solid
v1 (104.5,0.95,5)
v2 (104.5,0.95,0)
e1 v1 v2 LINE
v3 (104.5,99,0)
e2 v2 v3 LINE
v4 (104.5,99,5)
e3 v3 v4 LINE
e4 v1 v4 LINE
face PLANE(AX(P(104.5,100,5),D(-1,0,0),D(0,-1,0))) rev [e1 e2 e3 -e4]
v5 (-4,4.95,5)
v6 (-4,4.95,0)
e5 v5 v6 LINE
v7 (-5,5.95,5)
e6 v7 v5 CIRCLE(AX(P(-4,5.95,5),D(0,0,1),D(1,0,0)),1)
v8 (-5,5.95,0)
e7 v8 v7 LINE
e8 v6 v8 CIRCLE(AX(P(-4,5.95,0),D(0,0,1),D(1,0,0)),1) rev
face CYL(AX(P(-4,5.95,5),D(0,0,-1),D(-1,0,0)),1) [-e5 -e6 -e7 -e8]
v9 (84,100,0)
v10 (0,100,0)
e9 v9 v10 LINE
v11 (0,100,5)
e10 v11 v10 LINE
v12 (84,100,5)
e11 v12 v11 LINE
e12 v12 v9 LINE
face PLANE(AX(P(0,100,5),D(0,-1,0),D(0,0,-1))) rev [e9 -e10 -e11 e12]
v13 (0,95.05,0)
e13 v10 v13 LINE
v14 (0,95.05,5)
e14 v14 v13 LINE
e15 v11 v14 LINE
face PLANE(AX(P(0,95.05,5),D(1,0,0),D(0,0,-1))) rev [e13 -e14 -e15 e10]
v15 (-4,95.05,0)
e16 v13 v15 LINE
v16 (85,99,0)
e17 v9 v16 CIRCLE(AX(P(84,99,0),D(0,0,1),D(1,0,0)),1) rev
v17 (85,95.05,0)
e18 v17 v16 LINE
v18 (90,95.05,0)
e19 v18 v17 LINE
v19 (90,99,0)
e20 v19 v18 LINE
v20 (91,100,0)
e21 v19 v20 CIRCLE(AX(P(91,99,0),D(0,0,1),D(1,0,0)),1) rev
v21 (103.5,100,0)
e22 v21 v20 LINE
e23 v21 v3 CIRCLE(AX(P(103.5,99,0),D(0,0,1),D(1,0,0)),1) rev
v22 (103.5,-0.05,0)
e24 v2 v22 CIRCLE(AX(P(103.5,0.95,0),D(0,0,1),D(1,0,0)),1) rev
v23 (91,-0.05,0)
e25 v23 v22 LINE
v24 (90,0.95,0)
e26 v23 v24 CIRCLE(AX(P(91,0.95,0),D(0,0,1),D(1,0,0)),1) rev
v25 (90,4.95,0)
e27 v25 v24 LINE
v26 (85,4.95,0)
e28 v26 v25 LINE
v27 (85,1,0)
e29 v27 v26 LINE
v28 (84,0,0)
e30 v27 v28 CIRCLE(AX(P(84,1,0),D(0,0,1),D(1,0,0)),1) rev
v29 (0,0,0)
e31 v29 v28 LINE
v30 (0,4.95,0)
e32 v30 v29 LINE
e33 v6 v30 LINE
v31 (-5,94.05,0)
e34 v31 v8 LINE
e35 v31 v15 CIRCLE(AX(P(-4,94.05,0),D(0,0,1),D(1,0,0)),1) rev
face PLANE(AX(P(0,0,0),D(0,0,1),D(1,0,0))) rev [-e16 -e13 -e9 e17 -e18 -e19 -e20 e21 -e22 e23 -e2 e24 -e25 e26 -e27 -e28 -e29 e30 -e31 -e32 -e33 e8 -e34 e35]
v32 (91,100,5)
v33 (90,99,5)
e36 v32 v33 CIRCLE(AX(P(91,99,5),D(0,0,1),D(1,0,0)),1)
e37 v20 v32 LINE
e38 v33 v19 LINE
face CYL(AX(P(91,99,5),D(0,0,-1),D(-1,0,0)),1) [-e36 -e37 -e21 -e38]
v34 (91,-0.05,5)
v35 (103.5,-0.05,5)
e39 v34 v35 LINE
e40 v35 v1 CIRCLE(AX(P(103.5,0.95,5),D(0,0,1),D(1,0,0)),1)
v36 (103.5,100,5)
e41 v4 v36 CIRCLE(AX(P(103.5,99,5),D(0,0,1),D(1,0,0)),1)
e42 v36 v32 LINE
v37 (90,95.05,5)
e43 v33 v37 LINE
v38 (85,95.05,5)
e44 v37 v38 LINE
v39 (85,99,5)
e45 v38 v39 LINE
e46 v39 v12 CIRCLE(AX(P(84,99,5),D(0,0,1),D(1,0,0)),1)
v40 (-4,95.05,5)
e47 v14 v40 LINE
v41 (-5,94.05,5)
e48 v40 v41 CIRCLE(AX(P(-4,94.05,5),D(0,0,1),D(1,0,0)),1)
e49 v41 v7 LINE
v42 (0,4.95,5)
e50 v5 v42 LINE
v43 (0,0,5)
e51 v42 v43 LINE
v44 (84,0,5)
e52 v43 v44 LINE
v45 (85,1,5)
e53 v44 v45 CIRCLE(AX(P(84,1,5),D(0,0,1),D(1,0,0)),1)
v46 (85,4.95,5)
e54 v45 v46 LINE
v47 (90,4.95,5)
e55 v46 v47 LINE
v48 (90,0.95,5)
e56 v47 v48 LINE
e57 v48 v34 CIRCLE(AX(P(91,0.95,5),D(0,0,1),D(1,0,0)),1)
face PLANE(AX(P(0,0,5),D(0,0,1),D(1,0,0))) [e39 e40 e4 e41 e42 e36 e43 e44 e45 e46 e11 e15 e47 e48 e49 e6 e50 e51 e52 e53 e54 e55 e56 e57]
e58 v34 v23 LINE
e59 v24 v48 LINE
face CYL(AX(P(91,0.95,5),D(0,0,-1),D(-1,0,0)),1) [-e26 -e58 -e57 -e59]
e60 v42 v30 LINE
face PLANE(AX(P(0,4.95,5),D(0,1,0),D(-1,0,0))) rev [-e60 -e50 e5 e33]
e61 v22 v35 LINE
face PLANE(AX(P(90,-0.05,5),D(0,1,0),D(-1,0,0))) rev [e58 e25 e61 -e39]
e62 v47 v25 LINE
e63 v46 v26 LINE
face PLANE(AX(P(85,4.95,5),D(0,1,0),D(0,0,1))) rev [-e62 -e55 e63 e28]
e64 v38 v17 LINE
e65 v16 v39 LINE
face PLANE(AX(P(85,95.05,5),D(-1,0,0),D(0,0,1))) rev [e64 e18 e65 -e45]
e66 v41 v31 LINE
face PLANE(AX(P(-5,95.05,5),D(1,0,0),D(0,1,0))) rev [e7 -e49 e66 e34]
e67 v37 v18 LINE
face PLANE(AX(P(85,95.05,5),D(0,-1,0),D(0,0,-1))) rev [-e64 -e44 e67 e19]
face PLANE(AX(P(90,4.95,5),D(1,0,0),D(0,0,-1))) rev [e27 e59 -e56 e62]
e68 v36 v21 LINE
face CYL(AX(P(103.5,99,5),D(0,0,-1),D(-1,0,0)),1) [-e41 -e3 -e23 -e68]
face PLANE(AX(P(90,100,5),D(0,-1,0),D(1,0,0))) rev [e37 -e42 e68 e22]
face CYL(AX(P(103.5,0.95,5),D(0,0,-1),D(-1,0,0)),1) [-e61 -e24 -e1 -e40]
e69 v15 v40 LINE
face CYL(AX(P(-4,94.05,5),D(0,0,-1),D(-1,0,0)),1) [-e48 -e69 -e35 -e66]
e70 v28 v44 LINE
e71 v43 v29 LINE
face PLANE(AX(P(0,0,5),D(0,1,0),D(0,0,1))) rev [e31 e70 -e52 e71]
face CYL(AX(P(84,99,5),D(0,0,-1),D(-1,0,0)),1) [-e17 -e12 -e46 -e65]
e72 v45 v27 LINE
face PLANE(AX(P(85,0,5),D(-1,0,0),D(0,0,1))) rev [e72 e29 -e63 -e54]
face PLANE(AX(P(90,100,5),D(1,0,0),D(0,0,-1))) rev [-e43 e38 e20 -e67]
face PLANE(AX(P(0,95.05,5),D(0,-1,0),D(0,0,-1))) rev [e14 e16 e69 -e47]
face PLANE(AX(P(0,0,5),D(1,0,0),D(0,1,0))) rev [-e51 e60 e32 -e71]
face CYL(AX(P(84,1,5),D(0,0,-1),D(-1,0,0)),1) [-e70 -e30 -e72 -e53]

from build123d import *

# Parameters (mm, degrees)
BOSS_EXTRUDE1_DEPTH = 5
FILLET1_R           = 1


with BuildPart() as part:
    # Sketch1 → Boss-Extrude1 (new body)
    with BuildSketch(Plane.XY):
        Polygon((0, 95.05), (0, 100), (85, 100), (85, 95.05), (90, 95.05), (90, 100), (104.5, 100), (104.5, -0.05), (90, -0.05), (90, 4.95), (85, 4.95), (85, 0), (0, 0), (0, 4.95), (-5, 4.95), (-5, 95.05), align=None)
    extrude(amount=BOSS_EXTRUDE1_DEPTH)

    # Fillet1
    fillet1_edges = [part.edges().sort_by_distance(p)[0] for p in [
        (-5, 4.95, 2.5),
        (-5, 95.05, 2.5),
        (85, 100, 2.5),
        (90, 100, 2.5),
        (104.5, 100, 2.5),
        (104.5, -0.05, 2.5),
        (90, -0.05, 2.5),
        (85, 0, 2.5),
    ]]
    fillet(fillet1_edges, radius=FILLET1_R)


solid = part.part
